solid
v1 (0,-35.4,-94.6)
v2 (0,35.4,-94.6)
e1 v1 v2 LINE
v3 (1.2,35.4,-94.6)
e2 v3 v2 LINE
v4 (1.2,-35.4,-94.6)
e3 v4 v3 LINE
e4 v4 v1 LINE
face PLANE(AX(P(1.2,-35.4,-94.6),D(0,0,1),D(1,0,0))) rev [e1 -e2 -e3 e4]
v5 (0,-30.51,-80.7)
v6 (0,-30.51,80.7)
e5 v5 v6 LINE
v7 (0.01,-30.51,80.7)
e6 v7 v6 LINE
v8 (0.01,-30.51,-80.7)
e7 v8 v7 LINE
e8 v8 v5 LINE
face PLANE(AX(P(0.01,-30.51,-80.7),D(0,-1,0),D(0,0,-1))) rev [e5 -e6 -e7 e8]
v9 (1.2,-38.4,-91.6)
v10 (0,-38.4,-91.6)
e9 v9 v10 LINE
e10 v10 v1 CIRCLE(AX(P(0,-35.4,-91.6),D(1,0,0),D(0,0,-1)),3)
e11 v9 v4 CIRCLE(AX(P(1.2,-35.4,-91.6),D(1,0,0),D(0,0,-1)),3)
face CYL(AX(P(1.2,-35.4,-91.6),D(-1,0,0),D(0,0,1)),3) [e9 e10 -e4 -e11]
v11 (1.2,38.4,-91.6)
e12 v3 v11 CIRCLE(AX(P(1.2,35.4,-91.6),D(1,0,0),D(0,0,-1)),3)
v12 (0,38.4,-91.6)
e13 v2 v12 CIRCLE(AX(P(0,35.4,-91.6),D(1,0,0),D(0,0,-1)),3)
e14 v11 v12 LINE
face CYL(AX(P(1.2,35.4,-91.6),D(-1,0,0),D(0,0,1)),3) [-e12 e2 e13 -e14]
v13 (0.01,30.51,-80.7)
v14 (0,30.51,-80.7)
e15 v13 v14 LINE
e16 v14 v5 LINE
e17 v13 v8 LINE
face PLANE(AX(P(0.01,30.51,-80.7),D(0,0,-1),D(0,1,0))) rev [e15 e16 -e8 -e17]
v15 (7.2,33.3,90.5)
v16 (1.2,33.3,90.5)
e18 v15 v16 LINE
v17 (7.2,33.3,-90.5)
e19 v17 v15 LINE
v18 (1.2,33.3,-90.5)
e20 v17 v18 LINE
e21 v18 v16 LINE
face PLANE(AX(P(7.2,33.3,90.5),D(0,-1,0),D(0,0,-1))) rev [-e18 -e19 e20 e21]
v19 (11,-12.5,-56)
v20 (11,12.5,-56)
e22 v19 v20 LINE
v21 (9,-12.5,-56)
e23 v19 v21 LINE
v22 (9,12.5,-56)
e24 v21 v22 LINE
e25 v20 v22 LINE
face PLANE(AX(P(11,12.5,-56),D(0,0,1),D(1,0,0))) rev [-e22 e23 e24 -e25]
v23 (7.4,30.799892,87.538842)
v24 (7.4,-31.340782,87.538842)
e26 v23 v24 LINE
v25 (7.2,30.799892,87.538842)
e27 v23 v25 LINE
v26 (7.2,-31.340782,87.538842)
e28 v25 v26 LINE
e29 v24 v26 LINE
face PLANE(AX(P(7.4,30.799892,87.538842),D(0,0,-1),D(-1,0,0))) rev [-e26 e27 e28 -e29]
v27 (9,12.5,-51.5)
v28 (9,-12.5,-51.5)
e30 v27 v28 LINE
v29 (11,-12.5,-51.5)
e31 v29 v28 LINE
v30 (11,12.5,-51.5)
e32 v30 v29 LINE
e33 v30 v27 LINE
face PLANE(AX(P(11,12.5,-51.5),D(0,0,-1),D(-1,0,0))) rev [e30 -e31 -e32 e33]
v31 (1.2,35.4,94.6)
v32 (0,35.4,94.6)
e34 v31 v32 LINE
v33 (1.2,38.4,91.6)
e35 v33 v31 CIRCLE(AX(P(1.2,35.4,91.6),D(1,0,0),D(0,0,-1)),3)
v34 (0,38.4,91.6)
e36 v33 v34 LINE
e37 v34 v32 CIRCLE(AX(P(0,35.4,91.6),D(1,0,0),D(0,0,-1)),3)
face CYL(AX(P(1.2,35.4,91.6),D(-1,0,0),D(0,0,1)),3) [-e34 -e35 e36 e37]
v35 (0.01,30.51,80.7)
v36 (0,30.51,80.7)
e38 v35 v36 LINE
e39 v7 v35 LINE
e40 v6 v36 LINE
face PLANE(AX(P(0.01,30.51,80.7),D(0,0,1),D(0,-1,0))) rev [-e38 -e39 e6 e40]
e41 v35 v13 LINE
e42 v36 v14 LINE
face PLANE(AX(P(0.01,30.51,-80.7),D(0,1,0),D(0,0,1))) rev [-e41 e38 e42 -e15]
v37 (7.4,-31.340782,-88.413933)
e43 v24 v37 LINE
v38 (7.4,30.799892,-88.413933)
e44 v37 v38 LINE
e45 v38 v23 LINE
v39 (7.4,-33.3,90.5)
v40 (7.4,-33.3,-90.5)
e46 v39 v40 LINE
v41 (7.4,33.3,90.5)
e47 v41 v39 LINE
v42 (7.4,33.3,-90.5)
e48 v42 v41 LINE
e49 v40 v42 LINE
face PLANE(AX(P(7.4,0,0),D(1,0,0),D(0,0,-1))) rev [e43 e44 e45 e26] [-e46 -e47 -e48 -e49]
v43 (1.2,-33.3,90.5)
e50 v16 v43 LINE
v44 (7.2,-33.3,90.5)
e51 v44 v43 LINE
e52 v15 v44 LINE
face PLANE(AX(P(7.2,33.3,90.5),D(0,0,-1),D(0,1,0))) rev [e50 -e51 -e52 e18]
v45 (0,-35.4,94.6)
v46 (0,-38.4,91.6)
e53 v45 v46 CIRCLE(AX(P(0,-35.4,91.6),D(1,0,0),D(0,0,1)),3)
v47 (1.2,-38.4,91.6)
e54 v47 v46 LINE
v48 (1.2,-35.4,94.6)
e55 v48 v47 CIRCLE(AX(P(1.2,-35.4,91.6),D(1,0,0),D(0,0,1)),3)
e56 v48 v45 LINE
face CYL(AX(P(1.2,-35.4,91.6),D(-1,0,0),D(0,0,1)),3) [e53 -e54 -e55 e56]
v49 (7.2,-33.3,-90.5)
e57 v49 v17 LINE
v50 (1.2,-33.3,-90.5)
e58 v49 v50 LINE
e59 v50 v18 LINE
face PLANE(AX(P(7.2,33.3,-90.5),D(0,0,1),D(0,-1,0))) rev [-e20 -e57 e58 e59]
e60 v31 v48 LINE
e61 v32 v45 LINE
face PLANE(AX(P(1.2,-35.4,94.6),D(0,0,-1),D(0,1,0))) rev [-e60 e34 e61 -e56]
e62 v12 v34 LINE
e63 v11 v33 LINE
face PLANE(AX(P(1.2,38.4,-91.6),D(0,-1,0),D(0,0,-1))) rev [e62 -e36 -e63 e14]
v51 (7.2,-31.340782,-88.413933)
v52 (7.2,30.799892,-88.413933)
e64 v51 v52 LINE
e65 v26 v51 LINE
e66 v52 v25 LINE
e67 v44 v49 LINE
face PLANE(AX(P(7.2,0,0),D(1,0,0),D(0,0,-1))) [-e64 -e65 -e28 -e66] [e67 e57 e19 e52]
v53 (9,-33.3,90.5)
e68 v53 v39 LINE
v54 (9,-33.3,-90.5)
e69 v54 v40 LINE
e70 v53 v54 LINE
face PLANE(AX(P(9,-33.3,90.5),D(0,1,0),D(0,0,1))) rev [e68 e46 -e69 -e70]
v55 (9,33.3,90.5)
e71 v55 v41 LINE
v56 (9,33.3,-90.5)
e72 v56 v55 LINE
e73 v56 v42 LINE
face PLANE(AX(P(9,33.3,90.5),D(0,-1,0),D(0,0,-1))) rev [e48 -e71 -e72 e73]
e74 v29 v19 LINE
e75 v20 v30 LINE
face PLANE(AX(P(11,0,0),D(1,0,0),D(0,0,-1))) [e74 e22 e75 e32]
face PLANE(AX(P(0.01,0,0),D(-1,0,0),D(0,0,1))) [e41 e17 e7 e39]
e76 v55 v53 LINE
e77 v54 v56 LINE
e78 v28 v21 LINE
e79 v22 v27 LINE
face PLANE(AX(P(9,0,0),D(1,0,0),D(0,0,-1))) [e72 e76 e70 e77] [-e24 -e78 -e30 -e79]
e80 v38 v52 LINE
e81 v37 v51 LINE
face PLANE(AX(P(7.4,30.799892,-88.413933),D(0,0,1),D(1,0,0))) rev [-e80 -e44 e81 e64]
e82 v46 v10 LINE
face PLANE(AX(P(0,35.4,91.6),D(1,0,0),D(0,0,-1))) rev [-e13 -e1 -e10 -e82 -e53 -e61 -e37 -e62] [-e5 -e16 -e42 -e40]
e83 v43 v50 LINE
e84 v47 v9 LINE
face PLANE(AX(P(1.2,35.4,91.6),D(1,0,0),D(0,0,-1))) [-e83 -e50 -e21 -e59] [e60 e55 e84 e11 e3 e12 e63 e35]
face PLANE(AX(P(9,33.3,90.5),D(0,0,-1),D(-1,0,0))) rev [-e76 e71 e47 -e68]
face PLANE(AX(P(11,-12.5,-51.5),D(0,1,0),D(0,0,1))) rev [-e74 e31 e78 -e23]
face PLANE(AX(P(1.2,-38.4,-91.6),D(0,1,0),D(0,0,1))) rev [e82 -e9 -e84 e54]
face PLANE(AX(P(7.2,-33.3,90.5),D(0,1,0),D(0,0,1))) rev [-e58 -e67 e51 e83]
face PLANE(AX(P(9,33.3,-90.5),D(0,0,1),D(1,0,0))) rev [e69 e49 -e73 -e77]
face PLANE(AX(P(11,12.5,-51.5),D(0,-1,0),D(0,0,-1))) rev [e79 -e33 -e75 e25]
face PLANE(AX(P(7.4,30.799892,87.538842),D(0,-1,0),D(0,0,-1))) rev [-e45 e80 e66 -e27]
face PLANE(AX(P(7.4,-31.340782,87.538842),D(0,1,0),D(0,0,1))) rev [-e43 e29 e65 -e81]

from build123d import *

# Parameters (mm, degrees)
EXTRUDE_1_DEPTH     = 1.2
SKETCH_2_W          = 181
SKETCH_2_H          = 66.6
EXTRUDE_2_DEPTH     = 6
SKETCH_3_W          = 175.952774737
SKETCH_3_H          = 62.140674221
EXTRUDE_3_DEPTH     = 0.2
SKETCH_4_W          = 181
SKETCH_4_H          = 66.6
EXTRUDE_4_DEPTH     = 1.6
SKETCH_5_W          = 161.4
SKETCH_5_H          = 61.02
CUT_EXTRUDE_1_DEPTH = 0.01
SKETCH_7_W          = 4.5
SKETCH_7_H          = 25
EXTRUDE_5_DEPTH     = 2


with BuildPart() as part:
    # Эскиз1 (on Right Plane) → Бобышка-Вытянуть1 (new body)
    with BuildSketch(Plane(origin=(0, 0, 0), x_dir=(0, 0, -1), z_dir=(1, 0, 0))):
        with BuildLine():
            Line((91.6, -38.4), (-91.6, -38.4))
            ThreePointArc((-91.6, -38.4), (-93.721320344, -37.521320344), (-94.6, -35.4))
            Line((-94.6, -35.4), (-94.6, 35.4))
            ThreePointArc((-94.6, 35.4), (-93.721320344, 37.521320344), (-91.6, 38.4))
            Line((-91.6, 38.4), (91.6, 38.4))
            ThreePointArc((91.6, 38.4), (93.721320344, 37.521320344), (94.6, 35.4))
            Line((94.6, 35.4), (94.6, -35.4))
            ThreePointArc((94.6, -35.4), (93.721320344, -37.521320344), (91.6, -38.4))
        make_face()
    extrude(amount=EXTRUDE_1_DEPTH)

    # Эскиз2 → Бобышка-Вытянуть2 (add)
    with BuildSketch(Plane(origin=(1.2, 0, 0), x_dir=(0, 0, -1), z_dir=(1, 0, 0))):
        Rectangle(SKETCH_2_W, SKETCH_2_H)
    extrude(amount=EXTRUDE_2_DEPTH)

    # Эскиз3 → Бобышка-Вытянуть3 (add)
    with BuildSketch(Plane(origin=(7.2, 0, 0), x_dir=(0, 0, -1), z_dir=(1, 0, 0))):
        with Locations((0.437545425, -0.270444937)):
            Rectangle(SKETCH_3_W, SKETCH_3_H)
    extrude(amount=EXTRUDE_3_DEPTH)

    # Эскиз4 → Бобышка-Вытянуть4 (add)
    with BuildSketch(Plane(origin=(7.4, 0, 0), x_dir=(0, 0, -1), z_dir=(1, 0, 0))):
        Rectangle(SKETCH_4_W, SKETCH_4_H)
    extrude(amount=EXTRUDE_4_DEPTH)

    # Эскиз5 → Вырез-Вытянуть1 (cut)
    with BuildSketch(Plane.ZY):
        Rectangle(SKETCH_5_W, SKETCH_5_H)
    extrude(amount=-CUT_EXTRUDE_1_DEPTH, mode=Mode.SUBTRACT)

    # Эскиз7 → Бобышка-Вытянуть5 (add)
    with BuildSketch(Plane(origin=(9, 0, 0), x_dir=(0, 0, -1), z_dir=(1, 0, 0))):
        with Locations((53.75, 0)):
            Rectangle(SKETCH_7_W, SKETCH_7_H)
    extrude(amount=EXTRUDE_5_DEPTH)


solid = part.part
